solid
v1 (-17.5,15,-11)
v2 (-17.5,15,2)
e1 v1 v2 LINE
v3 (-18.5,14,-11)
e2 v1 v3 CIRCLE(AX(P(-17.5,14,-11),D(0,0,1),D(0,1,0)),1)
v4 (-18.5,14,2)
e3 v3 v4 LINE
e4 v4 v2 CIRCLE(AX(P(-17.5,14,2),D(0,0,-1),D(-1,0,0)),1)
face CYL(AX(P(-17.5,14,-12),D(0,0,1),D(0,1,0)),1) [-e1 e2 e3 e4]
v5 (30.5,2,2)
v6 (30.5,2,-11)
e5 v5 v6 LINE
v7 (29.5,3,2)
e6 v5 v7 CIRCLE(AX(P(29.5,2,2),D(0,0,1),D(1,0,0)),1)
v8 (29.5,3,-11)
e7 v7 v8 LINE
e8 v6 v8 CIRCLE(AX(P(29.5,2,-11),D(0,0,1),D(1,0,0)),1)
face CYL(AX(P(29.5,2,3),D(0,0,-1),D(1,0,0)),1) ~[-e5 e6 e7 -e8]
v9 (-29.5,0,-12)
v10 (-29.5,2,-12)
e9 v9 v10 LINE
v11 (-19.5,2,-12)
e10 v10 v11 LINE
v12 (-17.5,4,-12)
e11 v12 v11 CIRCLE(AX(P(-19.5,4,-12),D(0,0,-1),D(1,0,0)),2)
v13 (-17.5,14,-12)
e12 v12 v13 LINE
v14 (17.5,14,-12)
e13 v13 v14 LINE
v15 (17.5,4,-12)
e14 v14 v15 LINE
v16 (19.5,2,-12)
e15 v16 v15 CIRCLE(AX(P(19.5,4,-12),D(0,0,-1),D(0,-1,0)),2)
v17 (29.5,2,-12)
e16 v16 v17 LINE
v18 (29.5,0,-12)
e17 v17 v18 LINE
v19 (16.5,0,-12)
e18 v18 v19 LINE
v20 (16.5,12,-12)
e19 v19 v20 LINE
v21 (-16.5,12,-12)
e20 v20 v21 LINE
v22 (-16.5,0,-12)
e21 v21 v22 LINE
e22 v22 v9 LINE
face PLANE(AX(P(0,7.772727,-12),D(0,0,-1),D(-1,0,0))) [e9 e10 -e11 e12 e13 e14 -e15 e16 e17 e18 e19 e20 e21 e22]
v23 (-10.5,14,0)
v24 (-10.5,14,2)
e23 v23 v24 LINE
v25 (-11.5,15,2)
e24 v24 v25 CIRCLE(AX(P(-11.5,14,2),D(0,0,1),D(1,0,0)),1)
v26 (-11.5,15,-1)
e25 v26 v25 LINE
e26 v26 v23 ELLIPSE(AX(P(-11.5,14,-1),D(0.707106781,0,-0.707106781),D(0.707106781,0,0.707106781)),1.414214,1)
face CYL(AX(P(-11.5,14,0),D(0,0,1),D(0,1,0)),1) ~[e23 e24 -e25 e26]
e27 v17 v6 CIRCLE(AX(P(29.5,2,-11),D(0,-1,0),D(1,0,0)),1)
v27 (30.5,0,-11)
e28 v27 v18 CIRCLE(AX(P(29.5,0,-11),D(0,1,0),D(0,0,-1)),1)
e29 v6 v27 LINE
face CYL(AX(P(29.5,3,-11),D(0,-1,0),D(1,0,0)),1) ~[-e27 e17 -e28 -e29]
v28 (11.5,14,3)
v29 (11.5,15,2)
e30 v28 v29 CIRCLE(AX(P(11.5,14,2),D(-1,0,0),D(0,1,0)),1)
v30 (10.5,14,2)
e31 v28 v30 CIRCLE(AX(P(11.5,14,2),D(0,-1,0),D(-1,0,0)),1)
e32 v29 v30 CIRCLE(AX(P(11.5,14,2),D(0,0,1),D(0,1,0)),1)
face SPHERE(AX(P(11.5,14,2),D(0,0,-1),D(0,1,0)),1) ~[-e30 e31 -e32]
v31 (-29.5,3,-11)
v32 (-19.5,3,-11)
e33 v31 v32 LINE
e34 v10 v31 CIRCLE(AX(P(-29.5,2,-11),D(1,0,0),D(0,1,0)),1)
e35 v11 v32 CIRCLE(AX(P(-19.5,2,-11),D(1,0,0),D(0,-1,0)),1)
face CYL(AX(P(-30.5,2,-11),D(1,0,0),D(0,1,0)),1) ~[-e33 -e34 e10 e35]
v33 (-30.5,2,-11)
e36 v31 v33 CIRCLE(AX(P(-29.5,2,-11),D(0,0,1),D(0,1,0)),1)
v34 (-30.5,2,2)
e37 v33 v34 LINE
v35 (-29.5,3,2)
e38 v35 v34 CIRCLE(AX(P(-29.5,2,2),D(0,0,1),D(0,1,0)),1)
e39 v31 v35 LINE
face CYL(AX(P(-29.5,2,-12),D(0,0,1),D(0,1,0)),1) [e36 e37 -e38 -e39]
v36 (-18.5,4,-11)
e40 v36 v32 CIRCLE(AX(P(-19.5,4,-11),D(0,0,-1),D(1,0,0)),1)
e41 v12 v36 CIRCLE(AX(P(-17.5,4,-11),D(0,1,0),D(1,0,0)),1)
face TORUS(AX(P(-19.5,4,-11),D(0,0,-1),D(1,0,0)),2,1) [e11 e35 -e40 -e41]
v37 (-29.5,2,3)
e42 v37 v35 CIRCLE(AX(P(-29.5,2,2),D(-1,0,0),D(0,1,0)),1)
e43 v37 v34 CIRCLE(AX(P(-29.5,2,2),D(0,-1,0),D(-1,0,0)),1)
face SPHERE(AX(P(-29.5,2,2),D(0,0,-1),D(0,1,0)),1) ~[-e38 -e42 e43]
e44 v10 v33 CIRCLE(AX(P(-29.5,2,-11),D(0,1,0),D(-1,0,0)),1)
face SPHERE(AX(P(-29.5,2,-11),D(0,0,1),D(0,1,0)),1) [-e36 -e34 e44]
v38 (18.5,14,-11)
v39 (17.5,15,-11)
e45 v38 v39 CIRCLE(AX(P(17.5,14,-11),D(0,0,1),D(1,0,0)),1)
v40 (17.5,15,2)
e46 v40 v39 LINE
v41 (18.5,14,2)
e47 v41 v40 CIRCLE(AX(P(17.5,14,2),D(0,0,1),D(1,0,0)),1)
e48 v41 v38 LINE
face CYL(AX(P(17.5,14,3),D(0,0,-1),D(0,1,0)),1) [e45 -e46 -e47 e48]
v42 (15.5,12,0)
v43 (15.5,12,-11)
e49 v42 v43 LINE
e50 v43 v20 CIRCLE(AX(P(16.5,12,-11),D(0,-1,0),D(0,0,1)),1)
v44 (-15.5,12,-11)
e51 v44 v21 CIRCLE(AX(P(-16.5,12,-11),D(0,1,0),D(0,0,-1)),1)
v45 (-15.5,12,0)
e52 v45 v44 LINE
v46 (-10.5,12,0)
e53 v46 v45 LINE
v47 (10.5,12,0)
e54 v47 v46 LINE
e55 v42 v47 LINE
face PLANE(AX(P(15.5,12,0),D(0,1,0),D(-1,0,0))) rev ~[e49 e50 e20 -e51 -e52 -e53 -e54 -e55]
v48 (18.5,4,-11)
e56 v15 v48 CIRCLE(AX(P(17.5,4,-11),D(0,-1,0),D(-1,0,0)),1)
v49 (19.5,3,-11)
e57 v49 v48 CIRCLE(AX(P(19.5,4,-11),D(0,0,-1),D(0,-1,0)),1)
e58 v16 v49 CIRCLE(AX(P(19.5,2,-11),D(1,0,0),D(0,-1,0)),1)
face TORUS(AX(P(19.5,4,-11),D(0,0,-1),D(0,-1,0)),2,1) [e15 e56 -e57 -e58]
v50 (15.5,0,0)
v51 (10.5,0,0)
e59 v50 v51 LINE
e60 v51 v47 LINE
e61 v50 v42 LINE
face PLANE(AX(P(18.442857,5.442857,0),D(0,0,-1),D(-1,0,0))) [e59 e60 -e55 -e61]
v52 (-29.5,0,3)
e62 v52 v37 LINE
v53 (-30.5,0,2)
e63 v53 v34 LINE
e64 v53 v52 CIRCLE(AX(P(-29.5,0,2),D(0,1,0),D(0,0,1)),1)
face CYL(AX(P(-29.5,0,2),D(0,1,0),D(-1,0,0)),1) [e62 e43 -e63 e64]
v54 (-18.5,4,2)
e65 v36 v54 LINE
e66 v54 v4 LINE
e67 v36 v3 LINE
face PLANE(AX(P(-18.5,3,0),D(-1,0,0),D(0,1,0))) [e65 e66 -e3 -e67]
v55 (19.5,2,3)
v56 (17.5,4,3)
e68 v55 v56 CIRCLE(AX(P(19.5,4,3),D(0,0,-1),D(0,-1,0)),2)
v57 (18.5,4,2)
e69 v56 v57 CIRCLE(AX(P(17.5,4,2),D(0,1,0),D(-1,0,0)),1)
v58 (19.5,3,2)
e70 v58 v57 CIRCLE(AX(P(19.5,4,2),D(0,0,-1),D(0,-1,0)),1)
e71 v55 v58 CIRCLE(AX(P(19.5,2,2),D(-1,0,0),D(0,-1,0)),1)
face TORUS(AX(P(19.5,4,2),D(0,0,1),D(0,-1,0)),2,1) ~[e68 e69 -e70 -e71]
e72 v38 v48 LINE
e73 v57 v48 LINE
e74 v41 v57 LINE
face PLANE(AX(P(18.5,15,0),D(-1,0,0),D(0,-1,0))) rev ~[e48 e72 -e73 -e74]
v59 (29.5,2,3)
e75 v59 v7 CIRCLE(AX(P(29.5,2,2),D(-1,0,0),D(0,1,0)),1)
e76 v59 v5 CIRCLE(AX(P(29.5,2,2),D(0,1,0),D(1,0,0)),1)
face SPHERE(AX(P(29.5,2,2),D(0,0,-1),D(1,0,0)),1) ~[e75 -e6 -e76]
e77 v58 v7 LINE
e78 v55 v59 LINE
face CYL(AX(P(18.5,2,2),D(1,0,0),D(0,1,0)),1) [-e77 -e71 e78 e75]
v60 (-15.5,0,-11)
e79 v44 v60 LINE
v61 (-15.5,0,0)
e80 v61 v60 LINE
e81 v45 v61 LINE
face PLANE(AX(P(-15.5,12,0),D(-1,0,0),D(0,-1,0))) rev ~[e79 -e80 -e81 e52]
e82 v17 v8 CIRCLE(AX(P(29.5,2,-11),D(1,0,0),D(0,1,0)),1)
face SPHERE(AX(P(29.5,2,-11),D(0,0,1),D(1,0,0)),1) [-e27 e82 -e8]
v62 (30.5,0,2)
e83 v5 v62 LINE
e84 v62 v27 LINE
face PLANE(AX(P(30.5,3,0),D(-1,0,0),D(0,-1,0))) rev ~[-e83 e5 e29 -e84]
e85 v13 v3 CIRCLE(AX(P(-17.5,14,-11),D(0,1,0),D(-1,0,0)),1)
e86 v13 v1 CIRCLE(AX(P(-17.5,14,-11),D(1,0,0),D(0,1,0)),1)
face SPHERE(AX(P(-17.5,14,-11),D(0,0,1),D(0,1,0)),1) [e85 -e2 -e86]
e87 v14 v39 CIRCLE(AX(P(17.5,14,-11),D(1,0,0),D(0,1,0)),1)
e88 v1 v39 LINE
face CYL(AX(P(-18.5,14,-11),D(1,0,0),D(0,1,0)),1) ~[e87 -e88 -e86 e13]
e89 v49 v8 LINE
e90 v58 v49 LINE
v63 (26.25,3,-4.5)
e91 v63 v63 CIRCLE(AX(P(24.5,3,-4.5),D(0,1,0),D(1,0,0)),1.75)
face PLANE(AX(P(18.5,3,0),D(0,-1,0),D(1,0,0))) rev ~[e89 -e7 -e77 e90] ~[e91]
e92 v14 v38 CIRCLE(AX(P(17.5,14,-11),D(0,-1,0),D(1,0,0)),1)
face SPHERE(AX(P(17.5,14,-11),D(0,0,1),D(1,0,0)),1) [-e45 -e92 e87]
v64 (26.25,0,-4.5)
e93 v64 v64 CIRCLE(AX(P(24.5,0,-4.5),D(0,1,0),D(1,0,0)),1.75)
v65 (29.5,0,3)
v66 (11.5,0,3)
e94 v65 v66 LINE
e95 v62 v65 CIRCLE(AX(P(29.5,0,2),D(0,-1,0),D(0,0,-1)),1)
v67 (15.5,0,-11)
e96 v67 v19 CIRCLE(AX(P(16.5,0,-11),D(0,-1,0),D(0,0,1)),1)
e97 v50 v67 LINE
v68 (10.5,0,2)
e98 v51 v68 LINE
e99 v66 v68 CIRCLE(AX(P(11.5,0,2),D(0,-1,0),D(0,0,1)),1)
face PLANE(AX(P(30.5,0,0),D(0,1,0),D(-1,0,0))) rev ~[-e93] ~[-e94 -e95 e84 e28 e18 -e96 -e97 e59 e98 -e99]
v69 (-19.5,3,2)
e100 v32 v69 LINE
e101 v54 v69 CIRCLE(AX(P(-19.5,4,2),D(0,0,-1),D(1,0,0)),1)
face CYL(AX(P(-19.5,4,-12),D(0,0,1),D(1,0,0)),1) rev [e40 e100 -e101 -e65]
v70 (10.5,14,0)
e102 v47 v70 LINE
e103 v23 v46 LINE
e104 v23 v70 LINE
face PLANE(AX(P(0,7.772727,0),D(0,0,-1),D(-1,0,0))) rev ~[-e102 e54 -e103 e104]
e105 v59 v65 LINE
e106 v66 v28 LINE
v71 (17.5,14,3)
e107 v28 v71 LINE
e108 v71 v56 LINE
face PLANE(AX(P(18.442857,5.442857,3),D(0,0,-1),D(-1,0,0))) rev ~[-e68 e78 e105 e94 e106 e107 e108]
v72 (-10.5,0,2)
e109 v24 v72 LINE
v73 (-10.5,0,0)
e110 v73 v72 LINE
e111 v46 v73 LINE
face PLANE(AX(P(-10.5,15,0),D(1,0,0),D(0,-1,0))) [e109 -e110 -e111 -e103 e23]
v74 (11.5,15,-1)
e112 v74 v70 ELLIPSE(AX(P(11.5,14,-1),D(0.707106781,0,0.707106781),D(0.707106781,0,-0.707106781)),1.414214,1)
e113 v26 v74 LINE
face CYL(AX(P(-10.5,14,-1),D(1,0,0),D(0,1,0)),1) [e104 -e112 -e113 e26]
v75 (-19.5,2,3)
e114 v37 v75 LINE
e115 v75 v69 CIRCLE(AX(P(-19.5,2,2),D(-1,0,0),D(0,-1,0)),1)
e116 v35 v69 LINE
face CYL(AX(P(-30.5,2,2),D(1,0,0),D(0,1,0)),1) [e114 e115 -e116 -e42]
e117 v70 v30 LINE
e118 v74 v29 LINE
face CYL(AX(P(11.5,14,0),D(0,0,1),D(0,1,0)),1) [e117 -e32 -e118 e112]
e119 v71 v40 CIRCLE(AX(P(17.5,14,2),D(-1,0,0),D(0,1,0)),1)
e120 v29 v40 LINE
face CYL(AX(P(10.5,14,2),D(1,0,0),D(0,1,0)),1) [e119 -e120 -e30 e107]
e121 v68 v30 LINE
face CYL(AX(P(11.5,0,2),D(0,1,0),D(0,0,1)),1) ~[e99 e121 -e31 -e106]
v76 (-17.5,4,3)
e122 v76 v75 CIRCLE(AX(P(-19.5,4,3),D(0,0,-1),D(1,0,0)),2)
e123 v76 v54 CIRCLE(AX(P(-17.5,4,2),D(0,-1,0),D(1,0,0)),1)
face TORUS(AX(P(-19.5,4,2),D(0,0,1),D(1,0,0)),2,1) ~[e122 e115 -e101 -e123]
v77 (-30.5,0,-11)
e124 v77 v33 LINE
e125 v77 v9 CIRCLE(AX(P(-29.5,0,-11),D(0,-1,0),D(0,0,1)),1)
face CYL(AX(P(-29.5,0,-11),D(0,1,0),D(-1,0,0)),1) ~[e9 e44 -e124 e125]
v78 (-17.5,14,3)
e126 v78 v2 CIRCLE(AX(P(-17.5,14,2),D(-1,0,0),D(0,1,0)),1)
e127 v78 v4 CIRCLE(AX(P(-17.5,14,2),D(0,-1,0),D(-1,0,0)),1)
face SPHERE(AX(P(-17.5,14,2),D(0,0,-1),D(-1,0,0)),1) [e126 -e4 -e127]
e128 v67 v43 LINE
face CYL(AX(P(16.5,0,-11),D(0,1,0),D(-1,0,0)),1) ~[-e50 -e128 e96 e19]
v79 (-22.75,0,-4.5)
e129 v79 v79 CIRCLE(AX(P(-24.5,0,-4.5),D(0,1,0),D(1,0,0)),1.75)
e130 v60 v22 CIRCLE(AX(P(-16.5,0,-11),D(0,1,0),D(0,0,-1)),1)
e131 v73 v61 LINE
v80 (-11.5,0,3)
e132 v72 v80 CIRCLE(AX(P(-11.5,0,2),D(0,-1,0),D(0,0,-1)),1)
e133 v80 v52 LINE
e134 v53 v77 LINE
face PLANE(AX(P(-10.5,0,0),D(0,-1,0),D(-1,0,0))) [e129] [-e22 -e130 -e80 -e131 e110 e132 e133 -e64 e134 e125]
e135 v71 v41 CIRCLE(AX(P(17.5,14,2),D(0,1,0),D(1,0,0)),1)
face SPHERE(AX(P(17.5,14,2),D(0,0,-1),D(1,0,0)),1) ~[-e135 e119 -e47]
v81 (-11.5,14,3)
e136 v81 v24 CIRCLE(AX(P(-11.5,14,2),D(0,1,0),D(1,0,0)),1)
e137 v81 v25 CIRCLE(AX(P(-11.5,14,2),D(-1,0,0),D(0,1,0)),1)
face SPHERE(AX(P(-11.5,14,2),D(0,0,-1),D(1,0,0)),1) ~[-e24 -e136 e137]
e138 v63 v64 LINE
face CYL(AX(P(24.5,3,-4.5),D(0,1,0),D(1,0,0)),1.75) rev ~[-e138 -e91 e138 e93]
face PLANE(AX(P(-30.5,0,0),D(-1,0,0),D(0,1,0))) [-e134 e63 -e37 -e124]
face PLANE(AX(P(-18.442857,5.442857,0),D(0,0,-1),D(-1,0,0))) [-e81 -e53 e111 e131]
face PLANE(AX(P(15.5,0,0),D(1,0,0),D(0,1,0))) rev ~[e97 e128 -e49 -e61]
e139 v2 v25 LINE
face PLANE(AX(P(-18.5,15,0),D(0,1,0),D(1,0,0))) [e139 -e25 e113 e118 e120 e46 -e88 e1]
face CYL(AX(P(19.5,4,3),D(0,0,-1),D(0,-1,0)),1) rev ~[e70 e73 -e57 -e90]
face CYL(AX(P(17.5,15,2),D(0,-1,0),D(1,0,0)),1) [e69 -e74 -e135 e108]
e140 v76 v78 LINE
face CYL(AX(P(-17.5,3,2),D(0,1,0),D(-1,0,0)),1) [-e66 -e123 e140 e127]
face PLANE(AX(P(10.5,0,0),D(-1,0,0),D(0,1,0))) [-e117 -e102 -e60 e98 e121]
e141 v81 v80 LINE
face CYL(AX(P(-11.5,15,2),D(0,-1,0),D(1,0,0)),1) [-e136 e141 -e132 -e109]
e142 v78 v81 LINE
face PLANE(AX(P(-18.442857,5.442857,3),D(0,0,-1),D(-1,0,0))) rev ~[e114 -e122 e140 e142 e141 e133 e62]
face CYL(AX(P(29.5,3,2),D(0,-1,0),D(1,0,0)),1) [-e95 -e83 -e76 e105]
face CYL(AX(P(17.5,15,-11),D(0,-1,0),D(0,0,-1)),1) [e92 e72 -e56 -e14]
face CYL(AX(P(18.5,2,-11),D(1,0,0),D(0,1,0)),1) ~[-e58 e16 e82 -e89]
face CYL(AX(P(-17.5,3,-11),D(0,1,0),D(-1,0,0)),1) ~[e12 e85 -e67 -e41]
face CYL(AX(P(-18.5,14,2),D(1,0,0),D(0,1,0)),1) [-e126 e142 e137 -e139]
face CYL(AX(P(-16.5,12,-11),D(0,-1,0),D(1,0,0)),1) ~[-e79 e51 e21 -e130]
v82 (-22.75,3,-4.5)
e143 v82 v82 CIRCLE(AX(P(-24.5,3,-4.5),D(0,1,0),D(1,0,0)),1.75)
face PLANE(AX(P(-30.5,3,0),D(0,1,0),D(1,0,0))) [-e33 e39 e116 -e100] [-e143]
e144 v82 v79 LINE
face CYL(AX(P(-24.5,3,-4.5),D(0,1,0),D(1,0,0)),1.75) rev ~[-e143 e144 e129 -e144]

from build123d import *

# Parameters (mm, degrees)
BOSS_EXTRUDE1_DEPTH = 12
BOSS_EXTRUDE2_DEPTH = 3
FILLET1_R           = 1
SKETCH3_R           = 1.75
CUT_EXTRUDE2_DEPTH  = 3


with BuildPart() as part:
    # Sketch1 → Boss-Extrude1 (new body)
    with BuildSketch(Plane.XY):
        Polygon((-30.5, 3), (-18.5, 3), (-18.5, 15), (18.5, 15), (18.5, 3), (30.5, 3), (30.5, 0), (15.5, 0), (15.5, 12), (-15.5, 12), (-15.5, 0), (-30.5, 0), align=None)
    extrude(amount=-BOSS_EXTRUDE1_DEPTH)

    # Sketch2 → Boss-Extrude2 (add)
    with BuildSketch(Plane.XY):
        Polygon((-18.5, 15), (-10.5, 15), (-10.5, 0), (-30.5, 0), (-30.5, 3), (-18.5, 3), align=None)
        Polygon((30.5, 0), (10.5, 0), (10.5, 15), (18.5, 15), (18.5, 3), (30.5, 3), align=None)
    extrude(amount=BOSS_EXTRUDE2_DEPTH)

    # Fillet1
    fillet1_edges = [part.edges().sort_by_distance(p)[0] for p in [
        (-15.5, 6, -12),
        (-30.5, 3, -4.5),
        (-18.5, 3, -4.5),
        (-18.5, 15, -4.5),
        (15.5, 6, -12),
        (18.5, 15, -4.5),
        (18.5, 3, -4.5),
        (30.5, 3, -4.5),
        (30.5, 1.5, -12),
        (24.5, 3, -12),
        (18.5, 9, -12),
        (-10.5, 15, 1.5),
        (-18.5, 9, 3),
        (-24.5, 3, 3),
        (-30.5, 1.5, 3),
        (-10.5, 7.5, 3),
        (-14.5, 15, 3),
        (0, 15, -12),
        (-18.5, 9, -12),
        (-24.5, 3, -12),
        (-30.5, 1.5, -12),
        (0, 15, 0),
        (10.5, 15, 1.5),
        (30.5, 1.5, 3),
        (24.5, 3, 3),
        (18.5, 9, 3),
        (14.5, 15, 3),
        (10.5, 7.5, 3),
    ]]
    fillet(fillet1_edges, radius=FILLET1_R)

    # Sketch3 → Cut-Extrude2 (cut)
    with BuildSketch(Plane(origin=(0, 3, 0), x_dir=(1, 0, 0), z_dir=(0, 1, 0))):
        with Locations((-24.5, 4.5)):
            Circle(SKETCH3_R)
        with Locations((24.5, 4.5)):
            Circle(SKETCH3_R)
    extrude(amount=-CUT_EXTRUDE2_DEPTH, mode=Mode.SUBTRACT)


solid = part.part
